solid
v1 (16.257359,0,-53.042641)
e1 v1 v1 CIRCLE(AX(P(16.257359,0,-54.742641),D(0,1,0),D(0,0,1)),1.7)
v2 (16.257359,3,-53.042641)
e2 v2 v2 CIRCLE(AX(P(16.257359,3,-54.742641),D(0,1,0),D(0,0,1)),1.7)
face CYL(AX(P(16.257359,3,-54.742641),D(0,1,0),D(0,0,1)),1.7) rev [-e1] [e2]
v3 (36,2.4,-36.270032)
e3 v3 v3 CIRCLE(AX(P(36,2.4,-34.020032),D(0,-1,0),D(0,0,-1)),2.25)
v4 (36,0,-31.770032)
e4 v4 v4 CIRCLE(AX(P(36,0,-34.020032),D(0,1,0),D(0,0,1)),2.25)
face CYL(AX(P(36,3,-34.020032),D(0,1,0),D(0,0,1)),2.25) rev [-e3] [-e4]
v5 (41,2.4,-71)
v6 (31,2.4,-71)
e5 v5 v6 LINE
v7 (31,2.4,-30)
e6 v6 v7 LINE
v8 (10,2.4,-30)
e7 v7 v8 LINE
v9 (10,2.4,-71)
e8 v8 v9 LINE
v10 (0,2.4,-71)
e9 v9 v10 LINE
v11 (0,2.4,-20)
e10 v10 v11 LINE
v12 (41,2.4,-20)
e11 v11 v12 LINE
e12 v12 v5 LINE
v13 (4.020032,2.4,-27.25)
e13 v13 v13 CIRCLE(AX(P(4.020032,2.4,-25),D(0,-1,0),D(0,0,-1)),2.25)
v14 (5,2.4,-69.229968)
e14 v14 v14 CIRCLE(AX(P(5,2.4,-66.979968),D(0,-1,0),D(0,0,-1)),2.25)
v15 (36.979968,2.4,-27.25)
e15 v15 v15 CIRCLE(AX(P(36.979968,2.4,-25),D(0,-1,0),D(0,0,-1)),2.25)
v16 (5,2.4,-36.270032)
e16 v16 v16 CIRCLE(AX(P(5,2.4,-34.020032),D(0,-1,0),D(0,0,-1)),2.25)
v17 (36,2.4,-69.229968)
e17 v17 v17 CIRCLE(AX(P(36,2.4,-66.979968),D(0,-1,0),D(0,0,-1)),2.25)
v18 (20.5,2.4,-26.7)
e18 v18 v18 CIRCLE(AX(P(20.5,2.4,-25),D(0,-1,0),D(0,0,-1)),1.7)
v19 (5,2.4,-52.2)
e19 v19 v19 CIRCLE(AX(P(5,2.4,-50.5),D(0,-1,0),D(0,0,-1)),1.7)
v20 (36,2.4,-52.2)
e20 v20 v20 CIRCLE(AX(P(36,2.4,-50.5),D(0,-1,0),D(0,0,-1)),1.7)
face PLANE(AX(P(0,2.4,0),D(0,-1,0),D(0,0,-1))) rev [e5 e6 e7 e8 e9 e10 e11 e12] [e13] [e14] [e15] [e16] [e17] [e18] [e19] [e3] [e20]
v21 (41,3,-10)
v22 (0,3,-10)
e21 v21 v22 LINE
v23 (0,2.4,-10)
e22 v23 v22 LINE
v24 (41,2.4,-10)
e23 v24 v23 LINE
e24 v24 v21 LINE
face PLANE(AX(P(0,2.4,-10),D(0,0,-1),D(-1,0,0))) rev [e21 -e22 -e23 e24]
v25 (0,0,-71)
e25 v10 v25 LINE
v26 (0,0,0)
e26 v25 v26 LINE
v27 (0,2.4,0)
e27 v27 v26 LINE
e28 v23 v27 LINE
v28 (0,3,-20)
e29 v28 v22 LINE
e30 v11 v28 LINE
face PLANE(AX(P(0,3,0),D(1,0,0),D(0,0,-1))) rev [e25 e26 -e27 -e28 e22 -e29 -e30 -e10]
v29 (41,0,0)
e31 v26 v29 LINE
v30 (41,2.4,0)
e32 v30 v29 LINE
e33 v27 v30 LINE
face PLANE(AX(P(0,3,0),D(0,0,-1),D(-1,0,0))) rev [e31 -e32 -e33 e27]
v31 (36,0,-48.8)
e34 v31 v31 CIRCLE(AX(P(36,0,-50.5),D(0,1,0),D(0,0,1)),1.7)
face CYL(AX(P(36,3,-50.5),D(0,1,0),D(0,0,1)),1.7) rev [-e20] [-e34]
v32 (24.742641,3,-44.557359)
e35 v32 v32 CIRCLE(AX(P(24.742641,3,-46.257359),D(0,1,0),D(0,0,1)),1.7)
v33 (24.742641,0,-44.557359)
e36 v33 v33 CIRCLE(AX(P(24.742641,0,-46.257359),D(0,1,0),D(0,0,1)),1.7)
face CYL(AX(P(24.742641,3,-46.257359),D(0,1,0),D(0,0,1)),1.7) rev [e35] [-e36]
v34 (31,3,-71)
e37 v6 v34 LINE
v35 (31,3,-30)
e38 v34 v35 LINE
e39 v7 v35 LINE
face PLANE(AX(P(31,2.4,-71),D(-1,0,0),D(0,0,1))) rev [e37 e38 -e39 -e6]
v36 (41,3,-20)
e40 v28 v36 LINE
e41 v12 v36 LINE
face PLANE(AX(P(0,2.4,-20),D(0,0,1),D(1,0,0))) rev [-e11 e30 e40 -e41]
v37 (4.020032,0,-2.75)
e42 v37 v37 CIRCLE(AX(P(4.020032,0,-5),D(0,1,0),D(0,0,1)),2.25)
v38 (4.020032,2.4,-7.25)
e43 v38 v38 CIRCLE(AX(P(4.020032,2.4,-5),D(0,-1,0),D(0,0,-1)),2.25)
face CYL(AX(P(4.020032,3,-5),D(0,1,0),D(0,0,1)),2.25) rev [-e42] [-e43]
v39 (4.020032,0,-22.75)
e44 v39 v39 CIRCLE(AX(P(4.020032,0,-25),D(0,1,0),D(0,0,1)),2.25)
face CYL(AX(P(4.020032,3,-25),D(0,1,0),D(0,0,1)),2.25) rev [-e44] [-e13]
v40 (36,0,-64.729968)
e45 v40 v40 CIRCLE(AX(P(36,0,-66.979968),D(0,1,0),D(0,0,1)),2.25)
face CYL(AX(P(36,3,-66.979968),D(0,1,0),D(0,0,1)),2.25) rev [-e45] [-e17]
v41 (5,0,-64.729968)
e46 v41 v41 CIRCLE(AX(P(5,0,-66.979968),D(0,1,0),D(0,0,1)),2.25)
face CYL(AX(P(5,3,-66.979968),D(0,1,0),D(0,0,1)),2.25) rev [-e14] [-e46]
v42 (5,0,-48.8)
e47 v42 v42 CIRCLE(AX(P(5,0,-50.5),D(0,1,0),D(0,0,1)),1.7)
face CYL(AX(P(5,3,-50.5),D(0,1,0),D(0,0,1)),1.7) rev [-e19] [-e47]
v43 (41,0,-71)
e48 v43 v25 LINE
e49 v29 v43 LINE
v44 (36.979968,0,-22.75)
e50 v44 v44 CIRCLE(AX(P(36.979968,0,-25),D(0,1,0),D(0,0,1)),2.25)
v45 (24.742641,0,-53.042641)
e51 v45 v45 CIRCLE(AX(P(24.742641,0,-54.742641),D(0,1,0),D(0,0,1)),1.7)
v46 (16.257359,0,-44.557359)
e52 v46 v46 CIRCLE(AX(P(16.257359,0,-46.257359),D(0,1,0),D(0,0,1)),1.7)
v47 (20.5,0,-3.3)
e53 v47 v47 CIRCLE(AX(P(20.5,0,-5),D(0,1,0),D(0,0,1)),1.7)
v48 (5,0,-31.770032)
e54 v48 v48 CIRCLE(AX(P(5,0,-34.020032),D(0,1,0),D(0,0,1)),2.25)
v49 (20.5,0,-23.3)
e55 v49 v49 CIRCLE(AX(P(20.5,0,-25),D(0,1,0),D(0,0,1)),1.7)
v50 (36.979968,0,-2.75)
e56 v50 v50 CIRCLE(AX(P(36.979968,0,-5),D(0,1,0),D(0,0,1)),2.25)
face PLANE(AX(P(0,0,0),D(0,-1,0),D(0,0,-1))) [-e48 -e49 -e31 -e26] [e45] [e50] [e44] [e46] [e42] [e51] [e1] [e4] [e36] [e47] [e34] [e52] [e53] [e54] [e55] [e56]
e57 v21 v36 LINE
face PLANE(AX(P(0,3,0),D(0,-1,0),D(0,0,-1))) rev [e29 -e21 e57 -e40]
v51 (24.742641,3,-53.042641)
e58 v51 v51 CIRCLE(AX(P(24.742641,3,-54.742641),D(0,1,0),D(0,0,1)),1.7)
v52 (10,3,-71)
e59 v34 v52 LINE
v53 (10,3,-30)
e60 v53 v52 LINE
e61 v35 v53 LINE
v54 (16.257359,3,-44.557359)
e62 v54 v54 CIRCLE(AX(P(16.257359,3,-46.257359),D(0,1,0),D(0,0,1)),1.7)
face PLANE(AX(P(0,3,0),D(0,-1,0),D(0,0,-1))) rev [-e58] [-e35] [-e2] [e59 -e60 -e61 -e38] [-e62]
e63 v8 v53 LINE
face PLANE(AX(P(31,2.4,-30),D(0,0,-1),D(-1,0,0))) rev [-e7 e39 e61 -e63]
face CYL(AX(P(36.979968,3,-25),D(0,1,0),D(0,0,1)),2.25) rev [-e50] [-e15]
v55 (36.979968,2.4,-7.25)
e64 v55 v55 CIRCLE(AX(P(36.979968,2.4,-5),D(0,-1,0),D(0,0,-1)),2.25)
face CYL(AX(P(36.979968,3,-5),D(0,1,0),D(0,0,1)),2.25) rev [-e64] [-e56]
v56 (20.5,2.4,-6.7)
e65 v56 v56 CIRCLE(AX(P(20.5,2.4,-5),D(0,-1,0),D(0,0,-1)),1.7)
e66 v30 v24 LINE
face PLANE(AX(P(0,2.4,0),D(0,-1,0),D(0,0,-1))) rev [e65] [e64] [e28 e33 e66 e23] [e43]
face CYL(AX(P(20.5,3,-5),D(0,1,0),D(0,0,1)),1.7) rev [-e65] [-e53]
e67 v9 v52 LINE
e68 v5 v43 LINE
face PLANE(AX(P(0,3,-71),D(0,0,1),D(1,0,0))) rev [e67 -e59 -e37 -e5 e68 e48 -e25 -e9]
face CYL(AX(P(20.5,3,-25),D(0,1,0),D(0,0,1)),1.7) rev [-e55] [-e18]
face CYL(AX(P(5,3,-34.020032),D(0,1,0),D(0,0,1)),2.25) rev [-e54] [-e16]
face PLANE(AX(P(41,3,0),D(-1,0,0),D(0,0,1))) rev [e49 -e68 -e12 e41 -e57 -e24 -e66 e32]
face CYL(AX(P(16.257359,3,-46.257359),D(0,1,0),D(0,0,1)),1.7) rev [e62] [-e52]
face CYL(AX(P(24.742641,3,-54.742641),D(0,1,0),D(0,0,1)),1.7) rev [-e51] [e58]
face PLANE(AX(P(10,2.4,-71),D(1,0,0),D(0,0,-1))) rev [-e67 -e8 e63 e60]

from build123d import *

# Parameters (mm, degrees)
SKETCH_1_W          = 41
SKETCH_1_H          = 71
EXTRUDE_1_DEPTH     = 3
SKETCH_2_W          = 41
SKETCH_2_H          = 10
CUT_EXTRUDE_1_DEPTH = 0.6
HOLE_WIZARD_M41_D   = 4.5
HOLE_WIZARD_M31_D   = 3.4
HOLE_WIZARD_M32_D   = 3.4


with BuildPart() as part:
    # Эскиз1 → Бобышка-Вытянуть1 (new body)
    with BuildSketch(Plane(origin=(0, 0, 0), x_dir=(1, 0, 0), z_dir=(0, 1, 0))):
        with Locations((20.5, 35.5)):
            Rectangle(SKETCH_1_W, SKETCH_1_H)
    extrude(amount=EXTRUDE_1_DEPTH)

    # Эскиз2 → Вырез-Вытянуть1 (cut)
    with BuildSketch(Plane(origin=(0, 3, 0), x_dir=(1, 0, 0), z_dir=(0, 1, 0))):
        with Locations((20.5, 5)):
            Rectangle(SKETCH_2_W, SKETCH_2_H)
        Polygon((0, 71), (10, 71), (10, 30), (31, 30), (31, 71), (41, 71), (41, 30), (41, 20), (0, 20), (0, 30), align=None)
    extrude(amount=-CUT_EXTRUDE_1_DEPTH, mode=Mode.SUBTRACT)

    # Отверстие с зазором M41 (through all)
    with Locations(Plane(origin=(24.31748925, 3, -29.970792186), x_dir=(1, 0, 0), z_dir=(0, 1, 0))):
        with Locations((-20.297457148, -24.970792186), (12.662478647, -24.970792186), (12.662478647, -4.970792186), (-20.297457148, -4.970792186), (-19.31748925, 4.049239917), (11.68251075, 4.049239917), (11.68251075, 37.009175711), (-19.31748925, 37.009175711)):
            Hole(HOLE_WIZARD_M41_D / 2)

    # Отверстие с зазором M31 (through all)
    with Locations(Plane(origin=(24.31748925, 3, -29.970792186), x_dir=(1, 0, 0), z_dir=(0, 1, 0))):
        with Locations((-3.81748925, -24.970792186), (-3.81748925, -4.970792186), (-19.31748925, 20.529207814), (11.68251075, 20.529207814)):
            Hole(HOLE_WIZARD_M31_D / 2)

    # Отверстие с зазором M32 (through all)
    with Locations(Plane(origin=(0, 3, 0), x_dir=(1, 0, 0), z_dir=(0, 1, 0))):
        with Locations((16.257359313, 46.257359313), (16.257359313, 54.742640687), (24.742640687, 54.742640687), (24.742640687, 46.257359313)):
            Hole(HOLE_WIZARD_M32_D / 2)


solid = part.part
